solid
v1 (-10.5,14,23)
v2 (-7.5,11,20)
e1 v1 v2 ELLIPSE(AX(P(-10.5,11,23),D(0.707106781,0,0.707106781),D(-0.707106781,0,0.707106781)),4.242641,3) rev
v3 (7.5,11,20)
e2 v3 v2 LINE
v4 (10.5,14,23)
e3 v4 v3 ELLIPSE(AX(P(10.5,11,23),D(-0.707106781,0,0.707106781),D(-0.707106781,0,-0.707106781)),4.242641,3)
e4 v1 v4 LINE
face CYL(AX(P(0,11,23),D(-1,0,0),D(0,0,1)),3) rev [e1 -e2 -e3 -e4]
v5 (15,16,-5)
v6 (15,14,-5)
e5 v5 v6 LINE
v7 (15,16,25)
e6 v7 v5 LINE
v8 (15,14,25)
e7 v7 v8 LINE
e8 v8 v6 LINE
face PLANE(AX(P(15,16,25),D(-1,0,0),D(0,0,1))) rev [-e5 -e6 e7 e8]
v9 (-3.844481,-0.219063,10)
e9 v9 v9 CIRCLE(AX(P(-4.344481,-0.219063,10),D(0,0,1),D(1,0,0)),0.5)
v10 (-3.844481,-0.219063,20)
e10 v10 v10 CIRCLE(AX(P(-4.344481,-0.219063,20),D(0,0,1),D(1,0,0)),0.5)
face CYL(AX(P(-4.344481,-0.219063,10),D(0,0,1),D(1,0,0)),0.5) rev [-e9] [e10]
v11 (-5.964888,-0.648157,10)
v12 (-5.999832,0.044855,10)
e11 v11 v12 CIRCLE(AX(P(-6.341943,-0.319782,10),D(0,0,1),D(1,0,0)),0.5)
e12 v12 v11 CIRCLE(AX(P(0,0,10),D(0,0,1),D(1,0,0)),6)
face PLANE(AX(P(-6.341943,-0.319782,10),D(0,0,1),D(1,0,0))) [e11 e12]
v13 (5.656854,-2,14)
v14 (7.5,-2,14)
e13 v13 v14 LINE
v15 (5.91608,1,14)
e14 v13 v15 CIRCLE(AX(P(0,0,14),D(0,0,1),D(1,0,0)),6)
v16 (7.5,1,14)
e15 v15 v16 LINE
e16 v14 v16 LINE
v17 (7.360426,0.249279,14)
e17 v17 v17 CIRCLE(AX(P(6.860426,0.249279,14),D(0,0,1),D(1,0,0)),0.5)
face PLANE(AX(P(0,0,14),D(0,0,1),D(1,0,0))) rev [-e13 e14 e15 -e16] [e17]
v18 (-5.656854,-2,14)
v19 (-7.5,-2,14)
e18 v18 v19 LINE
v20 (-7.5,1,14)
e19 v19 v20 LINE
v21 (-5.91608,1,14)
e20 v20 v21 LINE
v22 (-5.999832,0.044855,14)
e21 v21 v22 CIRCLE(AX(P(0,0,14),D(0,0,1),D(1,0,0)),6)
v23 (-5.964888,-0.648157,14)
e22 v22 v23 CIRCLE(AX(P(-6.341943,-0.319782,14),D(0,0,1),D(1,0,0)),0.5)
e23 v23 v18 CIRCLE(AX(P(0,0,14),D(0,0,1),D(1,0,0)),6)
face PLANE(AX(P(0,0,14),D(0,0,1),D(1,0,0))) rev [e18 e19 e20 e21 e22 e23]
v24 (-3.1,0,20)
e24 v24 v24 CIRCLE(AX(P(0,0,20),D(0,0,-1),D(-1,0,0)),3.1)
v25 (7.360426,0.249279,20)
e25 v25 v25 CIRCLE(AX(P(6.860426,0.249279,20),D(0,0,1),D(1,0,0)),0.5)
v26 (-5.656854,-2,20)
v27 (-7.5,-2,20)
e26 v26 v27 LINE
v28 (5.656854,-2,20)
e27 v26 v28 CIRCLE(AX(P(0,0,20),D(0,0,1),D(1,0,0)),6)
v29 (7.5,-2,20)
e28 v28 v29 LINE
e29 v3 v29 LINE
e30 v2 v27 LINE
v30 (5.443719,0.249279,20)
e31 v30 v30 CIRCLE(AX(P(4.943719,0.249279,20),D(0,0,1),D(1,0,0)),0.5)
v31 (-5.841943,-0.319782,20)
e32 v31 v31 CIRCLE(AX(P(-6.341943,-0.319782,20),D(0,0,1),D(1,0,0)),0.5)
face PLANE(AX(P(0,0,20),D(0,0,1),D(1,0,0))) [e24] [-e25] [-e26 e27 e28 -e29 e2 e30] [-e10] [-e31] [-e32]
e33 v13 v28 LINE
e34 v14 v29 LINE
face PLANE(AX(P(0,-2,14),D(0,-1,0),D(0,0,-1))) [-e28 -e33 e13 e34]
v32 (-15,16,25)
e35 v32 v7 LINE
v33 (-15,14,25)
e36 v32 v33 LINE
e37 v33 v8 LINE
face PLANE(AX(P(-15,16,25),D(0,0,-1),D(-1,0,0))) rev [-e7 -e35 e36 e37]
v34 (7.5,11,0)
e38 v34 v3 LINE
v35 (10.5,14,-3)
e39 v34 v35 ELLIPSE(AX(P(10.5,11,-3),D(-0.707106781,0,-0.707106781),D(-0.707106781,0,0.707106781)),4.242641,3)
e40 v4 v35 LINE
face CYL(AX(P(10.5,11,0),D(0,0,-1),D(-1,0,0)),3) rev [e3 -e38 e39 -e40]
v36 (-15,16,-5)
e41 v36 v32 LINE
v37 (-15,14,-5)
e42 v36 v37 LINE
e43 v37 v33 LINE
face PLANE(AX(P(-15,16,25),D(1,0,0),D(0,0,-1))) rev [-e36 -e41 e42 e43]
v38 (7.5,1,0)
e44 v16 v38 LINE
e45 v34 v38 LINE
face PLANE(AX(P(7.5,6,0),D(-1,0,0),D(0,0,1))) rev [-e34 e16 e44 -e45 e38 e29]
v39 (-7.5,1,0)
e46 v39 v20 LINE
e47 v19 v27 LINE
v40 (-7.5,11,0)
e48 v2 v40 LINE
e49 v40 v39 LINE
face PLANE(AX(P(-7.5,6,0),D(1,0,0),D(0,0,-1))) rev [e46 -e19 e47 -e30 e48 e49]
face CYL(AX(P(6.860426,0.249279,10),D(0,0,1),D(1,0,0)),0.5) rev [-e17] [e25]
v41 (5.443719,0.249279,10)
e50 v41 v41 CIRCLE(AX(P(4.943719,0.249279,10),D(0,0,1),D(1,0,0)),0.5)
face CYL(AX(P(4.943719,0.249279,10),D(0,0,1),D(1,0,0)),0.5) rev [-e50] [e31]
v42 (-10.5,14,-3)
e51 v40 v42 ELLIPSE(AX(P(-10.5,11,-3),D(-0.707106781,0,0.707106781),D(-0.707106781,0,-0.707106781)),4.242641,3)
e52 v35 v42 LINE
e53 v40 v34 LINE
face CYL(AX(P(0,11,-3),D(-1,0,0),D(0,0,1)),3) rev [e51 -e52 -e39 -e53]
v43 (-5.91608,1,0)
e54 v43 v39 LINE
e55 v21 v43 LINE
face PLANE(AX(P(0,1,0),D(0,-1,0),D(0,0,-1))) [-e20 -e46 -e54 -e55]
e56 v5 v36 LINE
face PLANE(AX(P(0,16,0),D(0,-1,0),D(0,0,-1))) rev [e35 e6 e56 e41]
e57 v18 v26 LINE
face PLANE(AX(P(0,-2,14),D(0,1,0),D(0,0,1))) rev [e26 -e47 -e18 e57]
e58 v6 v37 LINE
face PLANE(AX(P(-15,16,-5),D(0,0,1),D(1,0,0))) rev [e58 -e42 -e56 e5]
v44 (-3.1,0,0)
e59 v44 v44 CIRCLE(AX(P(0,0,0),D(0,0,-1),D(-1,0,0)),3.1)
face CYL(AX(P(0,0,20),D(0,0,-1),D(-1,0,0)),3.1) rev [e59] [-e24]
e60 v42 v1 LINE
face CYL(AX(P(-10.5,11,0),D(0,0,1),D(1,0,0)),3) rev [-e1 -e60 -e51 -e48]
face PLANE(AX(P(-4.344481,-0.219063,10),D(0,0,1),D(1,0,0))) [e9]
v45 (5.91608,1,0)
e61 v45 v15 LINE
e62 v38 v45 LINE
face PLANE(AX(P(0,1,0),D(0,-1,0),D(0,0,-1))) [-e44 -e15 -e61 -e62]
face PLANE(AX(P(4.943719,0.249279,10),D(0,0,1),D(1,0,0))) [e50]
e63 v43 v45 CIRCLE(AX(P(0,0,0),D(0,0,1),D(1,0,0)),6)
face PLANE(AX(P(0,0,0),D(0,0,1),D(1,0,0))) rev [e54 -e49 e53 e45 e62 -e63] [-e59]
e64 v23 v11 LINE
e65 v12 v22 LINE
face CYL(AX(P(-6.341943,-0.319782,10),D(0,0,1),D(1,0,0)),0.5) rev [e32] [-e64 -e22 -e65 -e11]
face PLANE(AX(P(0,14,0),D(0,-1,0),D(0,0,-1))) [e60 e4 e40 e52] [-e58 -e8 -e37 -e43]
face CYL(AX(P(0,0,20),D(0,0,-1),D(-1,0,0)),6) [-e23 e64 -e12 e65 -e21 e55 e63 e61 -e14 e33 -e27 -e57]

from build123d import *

# Parameters (mm, degrees)
SKETCH1_R           = 6
BOSS_EXTRUDE1_DEPTH = 20
BOSS_EXTRUDE2_START = 1
SKETCH2_W           = 15
SKETCH2_H           = 20
BOSS_EXTRUDE2_DEPTH = 5
SKETCH3_R           = 3.1
CUT_EXTRUDE1_DEPTH  = 23.186707732
BOSS_EXTRUDE3_START = -6
BOSS_EXTRUDE3_DEPTH = 6
SKETCH5_R           = 0.5
CUT_EXTRUDE2_DEPTH  = 10
SKETCH6_W           = 15
SKETCH6_H           = 20
BOSS_EXTRUDE4_DEPTH = 8
SKETCH7_W           = 30
SKETCH7_H           = 30
BOSS_EXTRUDE5_DEPTH = 2
FILLET1_R           = 3


with BuildPart() as part:
    # Sketch1 → Boss-Extrude1 (new body)
    with BuildSketch(Plane.XY):
        Circle(SKETCH1_R)
    extrude(amount=BOSS_EXTRUDE1_DEPTH)

    # Sketch2 → Boss-Extrude2 (add)
    with BuildSketch(Plane(origin=(0, 0, 0), x_dir=(1, 0, 0), z_dir=(0, 1, 0)).offset(BOSS_EXTRUDE2_START)):
        with Locations((0, -10)):
            Rectangle(SKETCH2_W, SKETCH2_H)
    extrude(amount=BOSS_EXTRUDE2_DEPTH)

    # Sketch3 → Cut-Extrude1 (cut, through all)
    with BuildSketch(Plane(origin=(0, 0, 0), x_dir=(-1, 0, 0), z_dir=(0, 0, -1))):
        Circle(SKETCH3_R)
    extrude(amount=-CUT_EXTRUDE1_DEPTH, mode=Mode.SUBTRACT)

    # Sketch4 → Boss-Extrude3 (add)
    with BuildSketch(Plane.XY.offset(20).offset(BOSS_EXTRUDE3_START)):
        with BuildLine():
            ThreePointArc((5.916079783, 1), (5.977725364, -0.516526349), (5.656854249, -2))
            Line((5.656854249, -2), (7.5, -2))
            Line((7.5, -2), (7.5, 1))
            Line((7.5, 1), (5.916079783, 1))
        make_face()
        with BuildLine():
            Line((-7.5, -2), (-5.656854249, -2))
            ThreePointArc((-5.656854249, -2), (-5.977725364, -0.516526349), (-5.916079783, 1))
            Line((-5.916079783, 1), (-7.5, 1))
            Line((-7.5, 1), (-7.5, -2))
        make_face()
    extrude(amount=BOSS_EXTRUDE3_DEPTH)

    # Sketch5 → Cut-Extrude2 (cut)
    with BuildSketch(Plane.XY.offset(20)):
        with Locations((-6.341942864, -0.319782293)):
            Circle(SKETCH5_R)
        with Locations((-4.344480544, -0.219063461)):
            Circle(SKETCH5_R)
        with Locations((4.94371924, 0.249279111)):
            Circle(SKETCH5_R)
        with Locations((6.860426101, 0.249279111)):
            Circle(SKETCH5_R)
    extrude(amount=-CUT_EXTRUDE2_DEPTH, mode=Mode.SUBTRACT)

    # Sketch6 → Boss-Extrude4 (add)
    with BuildSketch(Plane(origin=(0, 6, 0), x_dir=(1, 0, 0), z_dir=(0, 1, 0))):
        with Locations((0, -10)):
            Rectangle(SKETCH6_W, SKETCH6_H)
    extrude(amount=BOSS_EXTRUDE4_DEPTH)

    # Sketch7 → Boss-Extrude5 (add)
    with BuildSketch(Plane(origin=(0, 14, 0), x_dir=(1, 0, 0), z_dir=(0, 1, 0))):
        with Locations((0, -10)):
            Rectangle(SKETCH7_W, SKETCH7_H)
    extrude(amount=BOSS_EXTRUDE5_DEPTH)

    # Fillet1
    fillet1_edges = [part.edges().sort_by_distance(p)[0] for p in [
        (0, 14, 0),
        (-7.5, 14, 10),
        (0, 14, 20),
        (7.5, 14, 10),
    ]]
    fillet(fillet1_edges, radius=FILLET1_R)


solid = part.part
